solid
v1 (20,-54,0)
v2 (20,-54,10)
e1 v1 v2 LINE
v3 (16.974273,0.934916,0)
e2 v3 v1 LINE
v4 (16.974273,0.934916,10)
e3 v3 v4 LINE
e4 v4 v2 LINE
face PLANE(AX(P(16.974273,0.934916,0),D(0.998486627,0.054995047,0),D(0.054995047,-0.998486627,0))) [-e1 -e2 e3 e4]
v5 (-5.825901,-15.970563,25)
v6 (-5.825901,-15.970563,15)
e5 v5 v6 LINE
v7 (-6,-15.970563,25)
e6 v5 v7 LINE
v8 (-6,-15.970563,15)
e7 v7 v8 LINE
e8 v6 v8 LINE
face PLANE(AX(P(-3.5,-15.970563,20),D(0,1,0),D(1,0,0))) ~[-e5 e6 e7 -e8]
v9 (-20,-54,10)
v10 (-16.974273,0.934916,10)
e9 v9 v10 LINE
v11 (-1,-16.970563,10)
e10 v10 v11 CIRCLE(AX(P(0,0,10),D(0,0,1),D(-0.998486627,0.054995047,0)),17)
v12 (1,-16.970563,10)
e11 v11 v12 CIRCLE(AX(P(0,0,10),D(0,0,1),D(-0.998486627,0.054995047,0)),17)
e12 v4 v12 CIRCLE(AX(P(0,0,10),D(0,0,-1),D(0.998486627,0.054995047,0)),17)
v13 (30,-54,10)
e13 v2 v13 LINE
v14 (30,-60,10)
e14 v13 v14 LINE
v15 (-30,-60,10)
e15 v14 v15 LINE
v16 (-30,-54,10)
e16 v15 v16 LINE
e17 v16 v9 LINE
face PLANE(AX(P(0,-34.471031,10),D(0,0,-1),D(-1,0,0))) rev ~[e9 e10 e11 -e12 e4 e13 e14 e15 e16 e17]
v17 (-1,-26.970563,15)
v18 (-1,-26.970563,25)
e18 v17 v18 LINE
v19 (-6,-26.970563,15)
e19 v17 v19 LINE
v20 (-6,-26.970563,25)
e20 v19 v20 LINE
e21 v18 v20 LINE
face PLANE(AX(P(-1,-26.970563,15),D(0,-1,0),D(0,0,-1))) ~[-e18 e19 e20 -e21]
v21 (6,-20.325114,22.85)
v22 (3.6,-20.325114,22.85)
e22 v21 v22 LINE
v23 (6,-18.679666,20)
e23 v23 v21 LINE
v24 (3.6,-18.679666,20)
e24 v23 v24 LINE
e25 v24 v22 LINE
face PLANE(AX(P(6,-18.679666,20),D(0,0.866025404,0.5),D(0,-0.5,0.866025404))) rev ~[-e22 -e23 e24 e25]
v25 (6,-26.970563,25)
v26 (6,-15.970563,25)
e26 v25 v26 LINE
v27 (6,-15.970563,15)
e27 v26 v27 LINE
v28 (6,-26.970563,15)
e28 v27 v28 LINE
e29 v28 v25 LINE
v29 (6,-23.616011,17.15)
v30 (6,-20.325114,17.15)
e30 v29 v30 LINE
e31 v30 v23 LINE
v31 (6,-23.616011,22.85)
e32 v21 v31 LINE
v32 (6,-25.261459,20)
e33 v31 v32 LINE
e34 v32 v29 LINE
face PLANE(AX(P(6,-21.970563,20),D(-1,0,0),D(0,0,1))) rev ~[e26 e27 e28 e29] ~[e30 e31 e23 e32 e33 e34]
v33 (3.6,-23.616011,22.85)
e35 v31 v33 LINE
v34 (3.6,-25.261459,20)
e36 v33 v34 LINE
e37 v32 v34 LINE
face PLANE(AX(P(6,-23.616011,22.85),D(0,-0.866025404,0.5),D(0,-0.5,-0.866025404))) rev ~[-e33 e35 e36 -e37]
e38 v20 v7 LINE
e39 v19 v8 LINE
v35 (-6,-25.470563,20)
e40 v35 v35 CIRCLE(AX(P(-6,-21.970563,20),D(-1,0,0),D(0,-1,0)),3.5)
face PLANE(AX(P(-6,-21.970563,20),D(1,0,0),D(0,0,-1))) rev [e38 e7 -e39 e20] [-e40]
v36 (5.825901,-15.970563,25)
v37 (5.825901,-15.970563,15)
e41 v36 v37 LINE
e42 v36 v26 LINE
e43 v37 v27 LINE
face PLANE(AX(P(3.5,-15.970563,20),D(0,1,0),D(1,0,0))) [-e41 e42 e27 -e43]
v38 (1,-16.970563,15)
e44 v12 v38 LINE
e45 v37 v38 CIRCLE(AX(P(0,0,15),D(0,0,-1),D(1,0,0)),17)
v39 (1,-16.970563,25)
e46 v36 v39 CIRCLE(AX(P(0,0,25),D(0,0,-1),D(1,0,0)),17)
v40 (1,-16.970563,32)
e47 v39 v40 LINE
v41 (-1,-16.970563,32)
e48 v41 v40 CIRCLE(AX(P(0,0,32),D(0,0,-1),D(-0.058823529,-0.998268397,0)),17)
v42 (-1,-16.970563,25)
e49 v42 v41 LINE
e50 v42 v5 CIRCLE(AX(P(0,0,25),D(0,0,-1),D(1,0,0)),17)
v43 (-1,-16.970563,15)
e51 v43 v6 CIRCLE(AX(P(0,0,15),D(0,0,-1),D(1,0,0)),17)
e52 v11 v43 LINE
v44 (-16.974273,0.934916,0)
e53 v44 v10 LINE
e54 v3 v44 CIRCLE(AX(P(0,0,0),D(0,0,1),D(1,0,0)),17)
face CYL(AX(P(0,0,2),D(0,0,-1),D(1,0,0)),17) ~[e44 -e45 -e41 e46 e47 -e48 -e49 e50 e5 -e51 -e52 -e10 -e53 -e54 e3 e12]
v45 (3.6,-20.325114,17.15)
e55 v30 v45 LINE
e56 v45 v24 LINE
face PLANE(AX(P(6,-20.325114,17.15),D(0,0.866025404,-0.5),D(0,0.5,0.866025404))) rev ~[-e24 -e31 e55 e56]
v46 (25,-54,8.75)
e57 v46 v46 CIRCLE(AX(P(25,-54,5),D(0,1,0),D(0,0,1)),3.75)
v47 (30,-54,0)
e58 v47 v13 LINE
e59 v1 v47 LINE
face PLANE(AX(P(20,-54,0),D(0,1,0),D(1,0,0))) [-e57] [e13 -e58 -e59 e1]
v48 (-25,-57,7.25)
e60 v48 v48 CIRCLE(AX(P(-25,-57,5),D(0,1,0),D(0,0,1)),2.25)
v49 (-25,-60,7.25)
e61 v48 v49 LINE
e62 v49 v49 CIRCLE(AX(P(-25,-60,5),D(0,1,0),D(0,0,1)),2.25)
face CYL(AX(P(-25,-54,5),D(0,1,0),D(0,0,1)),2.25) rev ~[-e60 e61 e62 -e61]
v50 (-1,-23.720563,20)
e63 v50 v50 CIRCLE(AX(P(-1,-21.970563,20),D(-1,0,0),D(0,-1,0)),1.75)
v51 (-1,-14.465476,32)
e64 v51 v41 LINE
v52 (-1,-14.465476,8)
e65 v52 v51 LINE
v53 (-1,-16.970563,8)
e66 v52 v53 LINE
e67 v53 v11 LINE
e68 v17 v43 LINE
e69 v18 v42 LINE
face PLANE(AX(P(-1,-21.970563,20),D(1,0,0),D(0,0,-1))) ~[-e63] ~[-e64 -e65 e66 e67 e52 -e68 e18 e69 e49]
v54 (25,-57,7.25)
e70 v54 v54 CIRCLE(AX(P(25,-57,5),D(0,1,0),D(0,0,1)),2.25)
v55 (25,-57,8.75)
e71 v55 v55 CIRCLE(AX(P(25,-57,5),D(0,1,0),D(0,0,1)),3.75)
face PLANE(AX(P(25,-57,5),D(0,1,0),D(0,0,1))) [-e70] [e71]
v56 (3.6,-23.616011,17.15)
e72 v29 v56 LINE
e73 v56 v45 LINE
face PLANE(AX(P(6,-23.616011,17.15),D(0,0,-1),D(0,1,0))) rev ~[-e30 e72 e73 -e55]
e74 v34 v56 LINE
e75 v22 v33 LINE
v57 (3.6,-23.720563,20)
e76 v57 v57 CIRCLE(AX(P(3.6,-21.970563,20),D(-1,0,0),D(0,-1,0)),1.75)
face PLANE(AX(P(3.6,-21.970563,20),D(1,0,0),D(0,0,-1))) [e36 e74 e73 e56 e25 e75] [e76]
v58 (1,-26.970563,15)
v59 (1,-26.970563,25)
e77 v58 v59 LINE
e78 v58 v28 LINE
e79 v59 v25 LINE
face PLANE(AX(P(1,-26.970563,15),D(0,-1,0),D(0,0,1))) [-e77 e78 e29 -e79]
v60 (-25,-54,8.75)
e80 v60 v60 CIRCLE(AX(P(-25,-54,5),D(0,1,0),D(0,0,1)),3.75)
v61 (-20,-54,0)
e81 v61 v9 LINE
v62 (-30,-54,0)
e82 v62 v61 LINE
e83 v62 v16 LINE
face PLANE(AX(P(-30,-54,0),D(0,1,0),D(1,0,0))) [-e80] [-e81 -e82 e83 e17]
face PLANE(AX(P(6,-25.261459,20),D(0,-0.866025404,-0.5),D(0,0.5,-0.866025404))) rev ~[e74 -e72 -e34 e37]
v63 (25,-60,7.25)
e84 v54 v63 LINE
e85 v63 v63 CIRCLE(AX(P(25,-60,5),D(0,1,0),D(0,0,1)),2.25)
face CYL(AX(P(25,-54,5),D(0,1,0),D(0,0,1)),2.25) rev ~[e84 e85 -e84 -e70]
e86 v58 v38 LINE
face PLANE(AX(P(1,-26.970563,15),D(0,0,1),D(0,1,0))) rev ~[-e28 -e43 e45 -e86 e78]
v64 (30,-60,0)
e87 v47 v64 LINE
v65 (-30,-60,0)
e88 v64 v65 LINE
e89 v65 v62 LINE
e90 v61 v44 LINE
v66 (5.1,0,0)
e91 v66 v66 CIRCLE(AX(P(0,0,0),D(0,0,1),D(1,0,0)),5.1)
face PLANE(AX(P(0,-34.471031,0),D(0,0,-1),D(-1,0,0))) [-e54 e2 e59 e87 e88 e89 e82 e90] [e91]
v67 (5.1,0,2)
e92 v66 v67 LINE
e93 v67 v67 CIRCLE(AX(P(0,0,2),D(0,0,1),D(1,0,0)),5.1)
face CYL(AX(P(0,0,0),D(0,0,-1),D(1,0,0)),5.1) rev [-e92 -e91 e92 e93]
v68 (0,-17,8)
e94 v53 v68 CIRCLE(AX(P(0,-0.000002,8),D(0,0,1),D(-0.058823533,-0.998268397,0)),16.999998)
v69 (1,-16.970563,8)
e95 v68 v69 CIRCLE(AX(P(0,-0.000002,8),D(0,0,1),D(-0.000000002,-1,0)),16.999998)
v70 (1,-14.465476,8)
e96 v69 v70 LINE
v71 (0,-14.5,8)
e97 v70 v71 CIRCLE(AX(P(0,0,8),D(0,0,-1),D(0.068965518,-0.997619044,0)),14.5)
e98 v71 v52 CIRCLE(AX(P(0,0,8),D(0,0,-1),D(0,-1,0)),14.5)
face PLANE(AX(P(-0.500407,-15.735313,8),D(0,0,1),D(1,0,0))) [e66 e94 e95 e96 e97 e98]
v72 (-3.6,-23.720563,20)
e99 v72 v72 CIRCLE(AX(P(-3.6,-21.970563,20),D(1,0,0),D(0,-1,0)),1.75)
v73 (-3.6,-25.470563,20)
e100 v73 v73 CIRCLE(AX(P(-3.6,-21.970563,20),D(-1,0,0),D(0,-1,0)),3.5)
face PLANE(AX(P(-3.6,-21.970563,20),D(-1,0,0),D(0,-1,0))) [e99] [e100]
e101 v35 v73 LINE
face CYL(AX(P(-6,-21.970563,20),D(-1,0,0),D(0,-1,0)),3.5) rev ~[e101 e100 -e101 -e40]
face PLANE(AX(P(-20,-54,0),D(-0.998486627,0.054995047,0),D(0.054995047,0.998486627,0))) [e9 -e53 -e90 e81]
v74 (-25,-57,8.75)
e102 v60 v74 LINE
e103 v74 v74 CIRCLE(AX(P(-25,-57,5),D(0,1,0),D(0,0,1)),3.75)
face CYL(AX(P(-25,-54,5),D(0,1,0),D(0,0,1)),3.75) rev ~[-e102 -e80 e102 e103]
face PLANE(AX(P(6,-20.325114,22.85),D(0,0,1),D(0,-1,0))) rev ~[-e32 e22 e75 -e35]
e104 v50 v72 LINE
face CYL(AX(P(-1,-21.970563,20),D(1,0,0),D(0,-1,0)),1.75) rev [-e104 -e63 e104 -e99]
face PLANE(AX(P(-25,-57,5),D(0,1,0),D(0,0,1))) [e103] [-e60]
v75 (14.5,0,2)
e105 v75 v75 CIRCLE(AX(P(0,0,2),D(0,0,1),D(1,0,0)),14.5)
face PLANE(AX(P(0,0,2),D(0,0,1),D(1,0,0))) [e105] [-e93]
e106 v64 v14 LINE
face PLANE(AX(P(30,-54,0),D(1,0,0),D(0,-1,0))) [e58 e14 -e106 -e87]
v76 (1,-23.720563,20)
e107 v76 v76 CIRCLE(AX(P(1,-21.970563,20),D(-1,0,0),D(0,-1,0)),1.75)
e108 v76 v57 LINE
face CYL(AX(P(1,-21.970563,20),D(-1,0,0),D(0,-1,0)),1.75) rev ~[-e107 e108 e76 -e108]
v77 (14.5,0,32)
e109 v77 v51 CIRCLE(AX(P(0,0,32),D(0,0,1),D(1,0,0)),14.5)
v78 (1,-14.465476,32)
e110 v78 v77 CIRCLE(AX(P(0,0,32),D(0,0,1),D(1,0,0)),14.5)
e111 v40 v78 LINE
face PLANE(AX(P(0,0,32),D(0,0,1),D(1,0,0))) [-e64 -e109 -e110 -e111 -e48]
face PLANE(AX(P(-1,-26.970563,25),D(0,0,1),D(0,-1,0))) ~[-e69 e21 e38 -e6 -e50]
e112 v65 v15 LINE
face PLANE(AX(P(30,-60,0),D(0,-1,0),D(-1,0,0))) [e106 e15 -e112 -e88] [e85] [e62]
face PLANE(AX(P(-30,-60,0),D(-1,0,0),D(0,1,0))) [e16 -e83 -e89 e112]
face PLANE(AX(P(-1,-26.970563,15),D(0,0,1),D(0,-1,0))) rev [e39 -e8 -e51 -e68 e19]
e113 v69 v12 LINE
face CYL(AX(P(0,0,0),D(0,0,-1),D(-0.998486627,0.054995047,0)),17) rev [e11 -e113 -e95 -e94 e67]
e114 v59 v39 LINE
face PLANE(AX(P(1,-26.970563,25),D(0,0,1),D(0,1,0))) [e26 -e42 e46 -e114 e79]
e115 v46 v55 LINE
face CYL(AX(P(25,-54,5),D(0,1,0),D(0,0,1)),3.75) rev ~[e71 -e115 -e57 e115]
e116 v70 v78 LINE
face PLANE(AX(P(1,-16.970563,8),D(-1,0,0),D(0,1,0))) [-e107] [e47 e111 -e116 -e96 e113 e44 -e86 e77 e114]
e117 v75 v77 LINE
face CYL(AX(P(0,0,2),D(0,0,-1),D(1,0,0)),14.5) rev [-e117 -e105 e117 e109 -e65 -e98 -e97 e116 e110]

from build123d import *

# Parameters (mm, degrees)
SCHIZZO1_R                   = 17
SCHIZZO1_R_2                 = 5.1
ESTRUSIONE_ESTRUSIONE1_DEPTH = 2
SCHIZZO2_R                   = 17
SCHIZZO2_R_2                 = 14.5
ESTRUSIONE_ESTRUSIONE2_DEPTH = 30
TAGLIO_ESTRUSIONE1_START     = -24
TAGLIO_ESTRUSIONE1_DEPTH     = 24
SCHIZZO4_W                   = 10
SCHIZZO4_H                   = 10
SCHIZZO4_R                   = 1.75
ESTRUSIONE_ESTRUSIONE4_DEPTH = 5
SCHIZZO6_W                   = 5
SCHIZZO6_H                   = 10
ESTRUSIONE_ESTRUSIONE5_DEPTH = 1
TAGLIO_ESTRUSIONE2_DEPTH     = 2.4
SCHIZZO8_R                   = 3.5
TAGLIO_ESTRUSIONE3_DEPTH     = 2.4
ESTRUSIONE_ESTRUSIONE6_DEPTH = 10
SCHIZZO10_R                  = 2.25
TAGLIO_ESTRUSIONE4_DEPTH     = 6
SCHIZZO11_R                  = 3.75
TAGLIO_ESTRUSIONE5_DEPTH     = 3


with BuildPart() as part:
    # Schizzo1 → Estrusione-Estrusione1 (new body)
    with BuildSketch(Plane.XY):
        Circle(SCHIZZO1_R)
        Circle(SCHIZZO1_R_2, mode=Mode.SUBTRACT)
    extrude(amount=ESTRUSIONE_ESTRUSIONE1_DEPTH)

    # Schizzo2 → Estrusione-Estrusione2 (add)
    with BuildSketch(Plane.XY.offset(2)):
        Circle(SCHIZZO2_R)
        Circle(SCHIZZO2_R_2, mode=Mode.SUBTRACT)
    extrude(amount=ESTRUSIONE_ESTRUSIONE2_DEPTH)

    # Schizzo3 → Taglio-Estrusione1 (cut)
    with BuildSketch(Plane.XY.offset(32).offset(TAGLIO_ESTRUSIONE1_START)):
        with BuildLine():
            Line((0, -17), (0, -14.5))
            ThreePointArc((0, -14.5), (-0.500297885, -14.491366465), (-1, -14.465476141))
            Line((-1, -14.465476141), (-1, -16.970562748))
            ThreePointArc((-1, -16.970562748), (-0.500216591, -16.992639094), (0, -17))
        make_face()
        with BuildLine():
            ThreePointArc((1, -14.465476141), (0.500297885, -14.491366465), (0, -14.5))
            Line((0, -14.5), (0, -17))
            ThreePointArc((0, -17), (0.500216591, -16.992639094), (1, -16.970562748))
            Line((1, -16.970562748), (1, -14.465476141))
        make_face()
    extrude(amount=TAGLIO_ESTRUSIONE1_DEPTH, mode=Mode.SUBTRACT)



with BuildPart() as body_2:
    # Schizzo4 → Estrusione-Estrusione4 (new body)
    with BuildSketch(Plane.ZY.offset(-1)):
        with Locations((20, -21.970562748)):
            Rectangle(SCHIZZO4_W, SCHIZZO4_H)
        with Locations(Location((20, -21.970562748, 0), (0, 0, 270))):
            Circle(SCHIZZO4_R, mode=Mode.SUBTRACT)
    estrusione_estrusione4 = extrude(amount=-ESTRUSIONE_ESTRUSIONE4_DEPTH)


with BuildPart() as part_1:
    add(part.part)

    add(body_2.part)  # Estrusione-Estrusione5 merges body 2
    # Schizzo6 → Estrusione-Estrusione5 (add)
    with BuildSketch(Plane(origin=(0, -16.970562748, 0), x_dir=(1, 0, 0), z_dir=(0, 1, 0))):
        with Locations((3.5, -20)):
            Rectangle(SCHIZZO6_W, SCHIZZO6_H)
    estrusione_estrusione5 = extrude(amount=ESTRUSIONE_ESTRUSIONE5_DEPTH)

    # Specchia4: Estrusione-Estrusione5 across plane
    add(estrusione_estrusione5.mirror(Plane(origin=(0, 0, 0), x_dir=(0, 0, 1), z_dir=(1, 0, 0))))

    # Specchia5: Estrusione-Estrusione4 across plane
    add(estrusione_estrusione4.mirror(Plane(origin=(0, 0, 0), x_dir=(0, 0, 1), z_dir=(1, 0, 0))))

    # Schizzo7 → Taglio-Estrusione2 (cut)
    with BuildSketch(Plane(origin=(6, 0, 0), x_dir=(0, 0, -1), z_dir=(1, 0, 0))):
        Polygon((-20, -18.679666214), (-22.85, -20.325114481), (-22.85, -23.616011016), (-20, -25.261459283), (-17.15, -23.616011016), (-17.15, -20.325114481), align=None)
    extrude(amount=-TAGLIO_ESTRUSIONE2_DEPTH, mode=Mode.SUBTRACT)

    # Schizzo8 → Taglio-Estrusione3 (cut)
    with BuildSketch(Plane.ZY.offset(6)):
        with Locations(Location((20, -21.970562748, 0), (0, 0, 270))):
            Circle(SCHIZZO8_R)
    extrude(amount=-TAGLIO_ESTRUSIONE3_DEPTH, mode=Mode.SUBTRACT)

    # Schizzo9 → Estrusione-Estrusione6 (add)
    with BuildSketch(Plane(origin=(0, 0, 0), x_dir=(-1, 0, 0), z_dir=(0, 0, -1))):
        with BuildLine():
            Line((-30, -60), (30, -60))
            Line((30, -60), (30, -54))
            Line((30, -54), (20, -54))
            Line((20, -54), (16.974272663, 0.934915801))
            ThreePointArc((16.974272663, 0.934915801), (0, -17), (-16.974272663, 0.934915801))
            Line((-16.974272663, 0.934915801), (-20, -54))
            Line((-20, -54), (-30, -54))
            Line((-30, -54), (-30, -60))
        make_face()
    extrude(amount=-ESTRUSIONE_ESTRUSIONE6_DEPTH)

    # Schizzo10 → Taglio-Estrusione4 (cut)
    with BuildSketch(Plane(origin=(0, -54, 0), x_dir=(1, 0, 0), z_dir=(0, 1, 0))):
        with Locations(Location((25, -5, 0), (0, 0, 270))):
            Circle(SCHIZZO10_R)
        with Locations(Location((-25, -5, 0), (0, 0, 270))):
            Circle(SCHIZZO10_R)
    extrude(amount=-TAGLIO_ESTRUSIONE4_DEPTH, mode=Mode.SUBTRACT)

    # Schizzo11 → Taglio-Estrusione5 (cut)
    with BuildSketch(Plane(origin=(0, -54, 0), x_dir=(1, 0, 0), z_dir=(0, 1, 0))):
        with Locations(Location((-25, -5, 0), (0, 0, 270))):
            Circle(SCHIZZO11_R)
        with Locations(Location((25, -5, 0), (0, 0, 270))):
            Circle(SCHIZZO11_R)
    extrude(amount=-TAGLIO_ESTRUSIONE5_DEPTH, mode=Mode.SUBTRACT)


solid = part_1.part
